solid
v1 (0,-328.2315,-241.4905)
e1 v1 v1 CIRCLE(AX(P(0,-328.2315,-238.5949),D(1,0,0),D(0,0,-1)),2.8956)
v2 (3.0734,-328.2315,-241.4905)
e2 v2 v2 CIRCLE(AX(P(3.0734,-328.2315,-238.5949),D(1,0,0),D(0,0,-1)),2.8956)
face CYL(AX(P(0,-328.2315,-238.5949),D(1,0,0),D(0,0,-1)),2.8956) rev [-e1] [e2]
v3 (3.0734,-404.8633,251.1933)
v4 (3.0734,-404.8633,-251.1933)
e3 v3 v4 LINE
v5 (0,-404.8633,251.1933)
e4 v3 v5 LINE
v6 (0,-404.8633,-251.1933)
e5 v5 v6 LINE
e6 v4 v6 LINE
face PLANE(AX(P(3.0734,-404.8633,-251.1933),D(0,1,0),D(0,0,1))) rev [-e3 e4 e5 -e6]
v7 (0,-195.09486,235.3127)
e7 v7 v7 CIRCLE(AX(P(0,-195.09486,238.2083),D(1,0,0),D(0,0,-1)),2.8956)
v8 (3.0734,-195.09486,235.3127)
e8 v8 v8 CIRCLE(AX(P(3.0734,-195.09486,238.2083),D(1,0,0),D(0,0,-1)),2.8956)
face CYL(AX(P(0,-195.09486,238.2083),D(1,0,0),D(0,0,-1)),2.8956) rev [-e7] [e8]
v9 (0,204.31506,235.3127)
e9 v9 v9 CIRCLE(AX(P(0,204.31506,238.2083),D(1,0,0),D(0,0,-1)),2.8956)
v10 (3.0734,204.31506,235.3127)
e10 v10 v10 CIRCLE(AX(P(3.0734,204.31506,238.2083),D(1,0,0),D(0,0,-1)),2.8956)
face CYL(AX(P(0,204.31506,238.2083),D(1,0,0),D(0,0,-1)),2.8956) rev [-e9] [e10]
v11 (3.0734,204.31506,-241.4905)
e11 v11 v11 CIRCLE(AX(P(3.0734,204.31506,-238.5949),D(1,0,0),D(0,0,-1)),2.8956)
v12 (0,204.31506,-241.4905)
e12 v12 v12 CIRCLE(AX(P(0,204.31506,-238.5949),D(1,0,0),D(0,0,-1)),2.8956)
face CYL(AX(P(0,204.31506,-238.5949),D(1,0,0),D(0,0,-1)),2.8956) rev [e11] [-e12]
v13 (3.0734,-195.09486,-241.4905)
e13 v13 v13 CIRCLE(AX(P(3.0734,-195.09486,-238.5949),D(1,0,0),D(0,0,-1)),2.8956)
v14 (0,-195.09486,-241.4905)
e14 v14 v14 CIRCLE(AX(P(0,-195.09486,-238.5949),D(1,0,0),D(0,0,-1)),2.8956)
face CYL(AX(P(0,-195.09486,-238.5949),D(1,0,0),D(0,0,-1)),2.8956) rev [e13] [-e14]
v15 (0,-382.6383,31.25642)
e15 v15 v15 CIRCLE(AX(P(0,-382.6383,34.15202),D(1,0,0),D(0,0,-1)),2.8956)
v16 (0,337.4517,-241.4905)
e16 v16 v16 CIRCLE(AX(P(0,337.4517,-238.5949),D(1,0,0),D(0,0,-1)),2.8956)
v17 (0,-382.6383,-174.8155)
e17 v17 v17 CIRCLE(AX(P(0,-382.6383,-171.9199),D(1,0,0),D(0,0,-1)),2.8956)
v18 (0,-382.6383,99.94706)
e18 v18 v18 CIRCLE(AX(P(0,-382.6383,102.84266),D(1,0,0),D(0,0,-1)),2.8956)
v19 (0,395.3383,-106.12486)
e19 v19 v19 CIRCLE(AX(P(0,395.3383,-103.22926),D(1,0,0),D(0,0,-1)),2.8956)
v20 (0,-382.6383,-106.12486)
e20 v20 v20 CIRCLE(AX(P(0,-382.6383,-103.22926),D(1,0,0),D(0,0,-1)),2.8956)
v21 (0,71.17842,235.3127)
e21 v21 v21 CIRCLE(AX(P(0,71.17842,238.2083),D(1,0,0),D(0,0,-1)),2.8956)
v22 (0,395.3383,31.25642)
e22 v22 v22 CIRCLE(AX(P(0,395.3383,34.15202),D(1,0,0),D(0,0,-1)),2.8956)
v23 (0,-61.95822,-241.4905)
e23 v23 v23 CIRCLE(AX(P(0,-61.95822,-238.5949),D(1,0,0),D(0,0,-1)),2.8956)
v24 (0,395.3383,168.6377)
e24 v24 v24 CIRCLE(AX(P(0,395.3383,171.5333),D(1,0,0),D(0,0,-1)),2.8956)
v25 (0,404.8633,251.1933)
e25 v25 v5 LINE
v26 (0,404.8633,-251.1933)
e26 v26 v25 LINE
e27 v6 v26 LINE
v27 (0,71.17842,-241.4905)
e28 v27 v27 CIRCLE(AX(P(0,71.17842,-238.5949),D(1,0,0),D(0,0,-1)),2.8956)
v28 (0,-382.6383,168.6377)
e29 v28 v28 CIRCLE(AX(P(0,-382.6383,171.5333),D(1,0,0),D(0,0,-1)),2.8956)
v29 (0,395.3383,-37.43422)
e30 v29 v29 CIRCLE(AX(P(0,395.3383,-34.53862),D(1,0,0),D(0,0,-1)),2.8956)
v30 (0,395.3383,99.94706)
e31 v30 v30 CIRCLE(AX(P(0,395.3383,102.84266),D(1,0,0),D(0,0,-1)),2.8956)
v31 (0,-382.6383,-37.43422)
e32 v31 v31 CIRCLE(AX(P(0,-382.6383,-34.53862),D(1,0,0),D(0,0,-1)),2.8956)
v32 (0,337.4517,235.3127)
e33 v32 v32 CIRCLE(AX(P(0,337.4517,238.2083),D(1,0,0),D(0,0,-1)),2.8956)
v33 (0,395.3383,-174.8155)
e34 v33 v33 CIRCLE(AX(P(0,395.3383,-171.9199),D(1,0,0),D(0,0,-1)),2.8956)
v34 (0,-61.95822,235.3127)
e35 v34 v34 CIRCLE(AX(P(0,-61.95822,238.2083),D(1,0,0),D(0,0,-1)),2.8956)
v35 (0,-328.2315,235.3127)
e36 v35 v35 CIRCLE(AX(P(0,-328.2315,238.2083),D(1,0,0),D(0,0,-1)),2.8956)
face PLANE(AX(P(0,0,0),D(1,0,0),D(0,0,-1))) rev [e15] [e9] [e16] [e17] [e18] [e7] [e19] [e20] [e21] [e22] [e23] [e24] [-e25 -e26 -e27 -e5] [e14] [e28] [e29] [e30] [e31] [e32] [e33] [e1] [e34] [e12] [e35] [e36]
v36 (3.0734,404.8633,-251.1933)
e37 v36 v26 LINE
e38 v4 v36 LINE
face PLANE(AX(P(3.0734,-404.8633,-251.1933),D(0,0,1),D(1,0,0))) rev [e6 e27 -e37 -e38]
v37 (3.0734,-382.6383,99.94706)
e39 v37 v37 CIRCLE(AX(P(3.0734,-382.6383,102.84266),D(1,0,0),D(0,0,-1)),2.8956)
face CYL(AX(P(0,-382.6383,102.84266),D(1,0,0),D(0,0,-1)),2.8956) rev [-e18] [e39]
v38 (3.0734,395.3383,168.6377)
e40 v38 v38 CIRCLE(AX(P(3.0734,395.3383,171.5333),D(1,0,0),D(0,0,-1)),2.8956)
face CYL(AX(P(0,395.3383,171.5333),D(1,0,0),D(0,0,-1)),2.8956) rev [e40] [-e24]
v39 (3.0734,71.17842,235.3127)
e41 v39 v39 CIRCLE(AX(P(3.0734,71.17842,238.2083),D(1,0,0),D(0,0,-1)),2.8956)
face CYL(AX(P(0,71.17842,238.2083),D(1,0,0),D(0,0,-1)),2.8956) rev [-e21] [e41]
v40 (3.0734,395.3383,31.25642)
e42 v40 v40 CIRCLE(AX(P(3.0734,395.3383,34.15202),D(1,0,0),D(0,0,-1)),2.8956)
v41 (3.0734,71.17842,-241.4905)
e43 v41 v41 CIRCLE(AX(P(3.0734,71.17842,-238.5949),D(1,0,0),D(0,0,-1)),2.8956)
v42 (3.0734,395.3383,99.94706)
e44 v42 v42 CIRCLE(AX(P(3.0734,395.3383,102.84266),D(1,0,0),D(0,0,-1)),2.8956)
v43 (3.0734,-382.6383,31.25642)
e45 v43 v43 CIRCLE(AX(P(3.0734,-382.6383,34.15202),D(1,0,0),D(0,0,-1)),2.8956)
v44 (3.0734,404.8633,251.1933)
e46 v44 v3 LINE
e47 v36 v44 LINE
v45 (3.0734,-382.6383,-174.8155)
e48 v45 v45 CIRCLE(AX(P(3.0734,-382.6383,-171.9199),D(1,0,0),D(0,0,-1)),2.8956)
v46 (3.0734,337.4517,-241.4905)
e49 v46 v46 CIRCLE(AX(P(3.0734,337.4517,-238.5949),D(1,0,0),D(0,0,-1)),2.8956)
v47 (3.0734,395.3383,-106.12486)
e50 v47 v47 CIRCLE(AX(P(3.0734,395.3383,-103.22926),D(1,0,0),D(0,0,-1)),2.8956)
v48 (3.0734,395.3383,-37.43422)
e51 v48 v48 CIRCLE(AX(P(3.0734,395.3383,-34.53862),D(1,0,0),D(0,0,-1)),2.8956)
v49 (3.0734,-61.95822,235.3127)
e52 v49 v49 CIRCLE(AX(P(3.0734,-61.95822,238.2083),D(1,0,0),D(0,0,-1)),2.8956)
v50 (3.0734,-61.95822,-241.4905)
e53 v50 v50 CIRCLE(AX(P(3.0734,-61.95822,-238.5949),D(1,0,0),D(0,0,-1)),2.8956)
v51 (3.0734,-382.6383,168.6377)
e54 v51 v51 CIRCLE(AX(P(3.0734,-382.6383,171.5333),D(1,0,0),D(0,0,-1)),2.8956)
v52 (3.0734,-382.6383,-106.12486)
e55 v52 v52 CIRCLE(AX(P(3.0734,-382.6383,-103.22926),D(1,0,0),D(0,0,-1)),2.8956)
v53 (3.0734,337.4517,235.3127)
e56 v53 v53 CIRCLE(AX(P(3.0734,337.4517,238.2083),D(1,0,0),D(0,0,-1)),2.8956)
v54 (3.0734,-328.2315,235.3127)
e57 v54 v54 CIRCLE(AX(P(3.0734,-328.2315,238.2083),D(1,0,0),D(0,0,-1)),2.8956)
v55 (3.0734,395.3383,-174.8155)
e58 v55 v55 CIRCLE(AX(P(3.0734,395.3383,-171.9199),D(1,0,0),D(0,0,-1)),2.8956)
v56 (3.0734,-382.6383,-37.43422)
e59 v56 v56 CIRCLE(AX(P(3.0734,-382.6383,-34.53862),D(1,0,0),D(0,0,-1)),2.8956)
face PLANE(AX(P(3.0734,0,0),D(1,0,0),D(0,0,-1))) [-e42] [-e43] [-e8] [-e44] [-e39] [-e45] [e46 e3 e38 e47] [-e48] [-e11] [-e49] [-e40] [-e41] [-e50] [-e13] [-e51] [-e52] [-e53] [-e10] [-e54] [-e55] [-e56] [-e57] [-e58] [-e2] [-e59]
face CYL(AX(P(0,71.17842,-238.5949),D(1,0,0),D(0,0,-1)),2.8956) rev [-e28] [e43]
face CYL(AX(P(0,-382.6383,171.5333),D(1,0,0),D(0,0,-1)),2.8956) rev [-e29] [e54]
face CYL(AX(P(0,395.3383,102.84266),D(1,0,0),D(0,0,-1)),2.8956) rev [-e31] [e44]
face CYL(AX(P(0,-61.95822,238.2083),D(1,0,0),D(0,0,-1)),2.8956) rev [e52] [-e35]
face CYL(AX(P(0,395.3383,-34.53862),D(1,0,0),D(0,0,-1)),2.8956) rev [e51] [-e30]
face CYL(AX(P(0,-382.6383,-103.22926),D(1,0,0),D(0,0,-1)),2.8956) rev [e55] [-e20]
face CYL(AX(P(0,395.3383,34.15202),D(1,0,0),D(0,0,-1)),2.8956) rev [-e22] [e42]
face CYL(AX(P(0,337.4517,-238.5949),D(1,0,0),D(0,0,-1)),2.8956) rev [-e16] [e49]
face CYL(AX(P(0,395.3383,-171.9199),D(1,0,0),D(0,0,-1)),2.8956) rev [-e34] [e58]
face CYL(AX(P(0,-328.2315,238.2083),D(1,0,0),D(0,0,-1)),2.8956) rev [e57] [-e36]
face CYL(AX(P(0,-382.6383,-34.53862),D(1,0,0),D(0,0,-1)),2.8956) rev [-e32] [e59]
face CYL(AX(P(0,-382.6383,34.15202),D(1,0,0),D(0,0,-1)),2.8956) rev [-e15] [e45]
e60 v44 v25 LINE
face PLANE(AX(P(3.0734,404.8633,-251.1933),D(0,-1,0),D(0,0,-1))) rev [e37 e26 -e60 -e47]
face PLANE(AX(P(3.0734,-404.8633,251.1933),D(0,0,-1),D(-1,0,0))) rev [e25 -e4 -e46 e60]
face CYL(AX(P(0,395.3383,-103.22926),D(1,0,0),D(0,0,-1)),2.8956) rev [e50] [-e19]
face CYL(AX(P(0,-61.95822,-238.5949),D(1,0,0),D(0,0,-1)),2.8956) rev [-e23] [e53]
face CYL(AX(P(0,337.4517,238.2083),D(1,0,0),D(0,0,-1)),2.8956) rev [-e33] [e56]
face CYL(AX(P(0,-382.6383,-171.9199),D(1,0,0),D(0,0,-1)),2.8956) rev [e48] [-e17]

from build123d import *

# Parameters (mm, degrees)
SKETCH1_W                 = 502.3866
SKETCH1_H                 = 809.7266
SIDEPANEL_DEPTH           = 3.0734
SKETCH2_R                 = 2.8956
TOPBOTTOMHOLEMASTER_DEPTH = 477.468059202
LPATTERN1_COUNT           = 6
LPATTERN1_PITCH           = 68.690639962
SKETCH3_R                 = 2.8956
REARHOLESMASTER_DEPTH     = 477.468059202
LPATTERN2_COUNT           = 6
LPATTERN2_PITCH           = 133.13664


with BuildPart() as part:
    # Sketch1 → SidePanel (new body)
    with BuildSketch(Plane(origin=(0, 0, 0), x_dir=(0, 0, -1), z_dir=(1, 0, 0))):
        Rectangle(SKETCH1_W, SKETCH1_H)
    extrude(amount=SIDEPANEL_DEPTH)

    # Sketch2 → TopBottomHoleMaster (cut, through all)
    with BuildSketch(Plane(origin=(3.0734, 0, 0), x_dir=(0, 0, -1), z_dir=(1, 0, 0))):
        with Locations((171.9199, 395.3383)):
            Circle(SKETCH2_R)
        with Locations((171.9199, -382.6383)):
            Circle(SKETCH2_R)
    topbottomholemaster = extrude(amount=-TOPBOTTOMHOLEMASTER_DEPTH, mode=Mode.SUBTRACT)

    # LPattern1: TopBottomHoleMaster ×6
    with Locations(*[(0, 0, i * LPATTERN1_PITCH) for i in range(1, LPATTERN1_COUNT)]):
        add(topbottomholemaster, mode=Mode.SUBTRACT)

    # Sketch3 → RearHolesMaster (cut, through all)
    with BuildSketch(Plane(origin=(3.0734, 0, 0), x_dir=(0, 0, -1), z_dir=(1, 0, 0))):
        with Locations((-238.208299808, 337.4517)):
            Circle(SKETCH3_R)
        with Locations((238.5949, 337.4517)):
            Circle(SKETCH3_R)
    rearholesmaster = extrude(amount=-REARHOLESMASTER_DEPTH, mode=Mode.SUBTRACT)

    # LPattern2: RearHolesMaster ×6
    with Locations(*[(0, -i * LPATTERN2_PITCH, 0) for i in range(1, LPATTERN2_COUNT)]):
        add(rearholesmaster, mode=Mode.SUBTRACT)


solid = part.part
